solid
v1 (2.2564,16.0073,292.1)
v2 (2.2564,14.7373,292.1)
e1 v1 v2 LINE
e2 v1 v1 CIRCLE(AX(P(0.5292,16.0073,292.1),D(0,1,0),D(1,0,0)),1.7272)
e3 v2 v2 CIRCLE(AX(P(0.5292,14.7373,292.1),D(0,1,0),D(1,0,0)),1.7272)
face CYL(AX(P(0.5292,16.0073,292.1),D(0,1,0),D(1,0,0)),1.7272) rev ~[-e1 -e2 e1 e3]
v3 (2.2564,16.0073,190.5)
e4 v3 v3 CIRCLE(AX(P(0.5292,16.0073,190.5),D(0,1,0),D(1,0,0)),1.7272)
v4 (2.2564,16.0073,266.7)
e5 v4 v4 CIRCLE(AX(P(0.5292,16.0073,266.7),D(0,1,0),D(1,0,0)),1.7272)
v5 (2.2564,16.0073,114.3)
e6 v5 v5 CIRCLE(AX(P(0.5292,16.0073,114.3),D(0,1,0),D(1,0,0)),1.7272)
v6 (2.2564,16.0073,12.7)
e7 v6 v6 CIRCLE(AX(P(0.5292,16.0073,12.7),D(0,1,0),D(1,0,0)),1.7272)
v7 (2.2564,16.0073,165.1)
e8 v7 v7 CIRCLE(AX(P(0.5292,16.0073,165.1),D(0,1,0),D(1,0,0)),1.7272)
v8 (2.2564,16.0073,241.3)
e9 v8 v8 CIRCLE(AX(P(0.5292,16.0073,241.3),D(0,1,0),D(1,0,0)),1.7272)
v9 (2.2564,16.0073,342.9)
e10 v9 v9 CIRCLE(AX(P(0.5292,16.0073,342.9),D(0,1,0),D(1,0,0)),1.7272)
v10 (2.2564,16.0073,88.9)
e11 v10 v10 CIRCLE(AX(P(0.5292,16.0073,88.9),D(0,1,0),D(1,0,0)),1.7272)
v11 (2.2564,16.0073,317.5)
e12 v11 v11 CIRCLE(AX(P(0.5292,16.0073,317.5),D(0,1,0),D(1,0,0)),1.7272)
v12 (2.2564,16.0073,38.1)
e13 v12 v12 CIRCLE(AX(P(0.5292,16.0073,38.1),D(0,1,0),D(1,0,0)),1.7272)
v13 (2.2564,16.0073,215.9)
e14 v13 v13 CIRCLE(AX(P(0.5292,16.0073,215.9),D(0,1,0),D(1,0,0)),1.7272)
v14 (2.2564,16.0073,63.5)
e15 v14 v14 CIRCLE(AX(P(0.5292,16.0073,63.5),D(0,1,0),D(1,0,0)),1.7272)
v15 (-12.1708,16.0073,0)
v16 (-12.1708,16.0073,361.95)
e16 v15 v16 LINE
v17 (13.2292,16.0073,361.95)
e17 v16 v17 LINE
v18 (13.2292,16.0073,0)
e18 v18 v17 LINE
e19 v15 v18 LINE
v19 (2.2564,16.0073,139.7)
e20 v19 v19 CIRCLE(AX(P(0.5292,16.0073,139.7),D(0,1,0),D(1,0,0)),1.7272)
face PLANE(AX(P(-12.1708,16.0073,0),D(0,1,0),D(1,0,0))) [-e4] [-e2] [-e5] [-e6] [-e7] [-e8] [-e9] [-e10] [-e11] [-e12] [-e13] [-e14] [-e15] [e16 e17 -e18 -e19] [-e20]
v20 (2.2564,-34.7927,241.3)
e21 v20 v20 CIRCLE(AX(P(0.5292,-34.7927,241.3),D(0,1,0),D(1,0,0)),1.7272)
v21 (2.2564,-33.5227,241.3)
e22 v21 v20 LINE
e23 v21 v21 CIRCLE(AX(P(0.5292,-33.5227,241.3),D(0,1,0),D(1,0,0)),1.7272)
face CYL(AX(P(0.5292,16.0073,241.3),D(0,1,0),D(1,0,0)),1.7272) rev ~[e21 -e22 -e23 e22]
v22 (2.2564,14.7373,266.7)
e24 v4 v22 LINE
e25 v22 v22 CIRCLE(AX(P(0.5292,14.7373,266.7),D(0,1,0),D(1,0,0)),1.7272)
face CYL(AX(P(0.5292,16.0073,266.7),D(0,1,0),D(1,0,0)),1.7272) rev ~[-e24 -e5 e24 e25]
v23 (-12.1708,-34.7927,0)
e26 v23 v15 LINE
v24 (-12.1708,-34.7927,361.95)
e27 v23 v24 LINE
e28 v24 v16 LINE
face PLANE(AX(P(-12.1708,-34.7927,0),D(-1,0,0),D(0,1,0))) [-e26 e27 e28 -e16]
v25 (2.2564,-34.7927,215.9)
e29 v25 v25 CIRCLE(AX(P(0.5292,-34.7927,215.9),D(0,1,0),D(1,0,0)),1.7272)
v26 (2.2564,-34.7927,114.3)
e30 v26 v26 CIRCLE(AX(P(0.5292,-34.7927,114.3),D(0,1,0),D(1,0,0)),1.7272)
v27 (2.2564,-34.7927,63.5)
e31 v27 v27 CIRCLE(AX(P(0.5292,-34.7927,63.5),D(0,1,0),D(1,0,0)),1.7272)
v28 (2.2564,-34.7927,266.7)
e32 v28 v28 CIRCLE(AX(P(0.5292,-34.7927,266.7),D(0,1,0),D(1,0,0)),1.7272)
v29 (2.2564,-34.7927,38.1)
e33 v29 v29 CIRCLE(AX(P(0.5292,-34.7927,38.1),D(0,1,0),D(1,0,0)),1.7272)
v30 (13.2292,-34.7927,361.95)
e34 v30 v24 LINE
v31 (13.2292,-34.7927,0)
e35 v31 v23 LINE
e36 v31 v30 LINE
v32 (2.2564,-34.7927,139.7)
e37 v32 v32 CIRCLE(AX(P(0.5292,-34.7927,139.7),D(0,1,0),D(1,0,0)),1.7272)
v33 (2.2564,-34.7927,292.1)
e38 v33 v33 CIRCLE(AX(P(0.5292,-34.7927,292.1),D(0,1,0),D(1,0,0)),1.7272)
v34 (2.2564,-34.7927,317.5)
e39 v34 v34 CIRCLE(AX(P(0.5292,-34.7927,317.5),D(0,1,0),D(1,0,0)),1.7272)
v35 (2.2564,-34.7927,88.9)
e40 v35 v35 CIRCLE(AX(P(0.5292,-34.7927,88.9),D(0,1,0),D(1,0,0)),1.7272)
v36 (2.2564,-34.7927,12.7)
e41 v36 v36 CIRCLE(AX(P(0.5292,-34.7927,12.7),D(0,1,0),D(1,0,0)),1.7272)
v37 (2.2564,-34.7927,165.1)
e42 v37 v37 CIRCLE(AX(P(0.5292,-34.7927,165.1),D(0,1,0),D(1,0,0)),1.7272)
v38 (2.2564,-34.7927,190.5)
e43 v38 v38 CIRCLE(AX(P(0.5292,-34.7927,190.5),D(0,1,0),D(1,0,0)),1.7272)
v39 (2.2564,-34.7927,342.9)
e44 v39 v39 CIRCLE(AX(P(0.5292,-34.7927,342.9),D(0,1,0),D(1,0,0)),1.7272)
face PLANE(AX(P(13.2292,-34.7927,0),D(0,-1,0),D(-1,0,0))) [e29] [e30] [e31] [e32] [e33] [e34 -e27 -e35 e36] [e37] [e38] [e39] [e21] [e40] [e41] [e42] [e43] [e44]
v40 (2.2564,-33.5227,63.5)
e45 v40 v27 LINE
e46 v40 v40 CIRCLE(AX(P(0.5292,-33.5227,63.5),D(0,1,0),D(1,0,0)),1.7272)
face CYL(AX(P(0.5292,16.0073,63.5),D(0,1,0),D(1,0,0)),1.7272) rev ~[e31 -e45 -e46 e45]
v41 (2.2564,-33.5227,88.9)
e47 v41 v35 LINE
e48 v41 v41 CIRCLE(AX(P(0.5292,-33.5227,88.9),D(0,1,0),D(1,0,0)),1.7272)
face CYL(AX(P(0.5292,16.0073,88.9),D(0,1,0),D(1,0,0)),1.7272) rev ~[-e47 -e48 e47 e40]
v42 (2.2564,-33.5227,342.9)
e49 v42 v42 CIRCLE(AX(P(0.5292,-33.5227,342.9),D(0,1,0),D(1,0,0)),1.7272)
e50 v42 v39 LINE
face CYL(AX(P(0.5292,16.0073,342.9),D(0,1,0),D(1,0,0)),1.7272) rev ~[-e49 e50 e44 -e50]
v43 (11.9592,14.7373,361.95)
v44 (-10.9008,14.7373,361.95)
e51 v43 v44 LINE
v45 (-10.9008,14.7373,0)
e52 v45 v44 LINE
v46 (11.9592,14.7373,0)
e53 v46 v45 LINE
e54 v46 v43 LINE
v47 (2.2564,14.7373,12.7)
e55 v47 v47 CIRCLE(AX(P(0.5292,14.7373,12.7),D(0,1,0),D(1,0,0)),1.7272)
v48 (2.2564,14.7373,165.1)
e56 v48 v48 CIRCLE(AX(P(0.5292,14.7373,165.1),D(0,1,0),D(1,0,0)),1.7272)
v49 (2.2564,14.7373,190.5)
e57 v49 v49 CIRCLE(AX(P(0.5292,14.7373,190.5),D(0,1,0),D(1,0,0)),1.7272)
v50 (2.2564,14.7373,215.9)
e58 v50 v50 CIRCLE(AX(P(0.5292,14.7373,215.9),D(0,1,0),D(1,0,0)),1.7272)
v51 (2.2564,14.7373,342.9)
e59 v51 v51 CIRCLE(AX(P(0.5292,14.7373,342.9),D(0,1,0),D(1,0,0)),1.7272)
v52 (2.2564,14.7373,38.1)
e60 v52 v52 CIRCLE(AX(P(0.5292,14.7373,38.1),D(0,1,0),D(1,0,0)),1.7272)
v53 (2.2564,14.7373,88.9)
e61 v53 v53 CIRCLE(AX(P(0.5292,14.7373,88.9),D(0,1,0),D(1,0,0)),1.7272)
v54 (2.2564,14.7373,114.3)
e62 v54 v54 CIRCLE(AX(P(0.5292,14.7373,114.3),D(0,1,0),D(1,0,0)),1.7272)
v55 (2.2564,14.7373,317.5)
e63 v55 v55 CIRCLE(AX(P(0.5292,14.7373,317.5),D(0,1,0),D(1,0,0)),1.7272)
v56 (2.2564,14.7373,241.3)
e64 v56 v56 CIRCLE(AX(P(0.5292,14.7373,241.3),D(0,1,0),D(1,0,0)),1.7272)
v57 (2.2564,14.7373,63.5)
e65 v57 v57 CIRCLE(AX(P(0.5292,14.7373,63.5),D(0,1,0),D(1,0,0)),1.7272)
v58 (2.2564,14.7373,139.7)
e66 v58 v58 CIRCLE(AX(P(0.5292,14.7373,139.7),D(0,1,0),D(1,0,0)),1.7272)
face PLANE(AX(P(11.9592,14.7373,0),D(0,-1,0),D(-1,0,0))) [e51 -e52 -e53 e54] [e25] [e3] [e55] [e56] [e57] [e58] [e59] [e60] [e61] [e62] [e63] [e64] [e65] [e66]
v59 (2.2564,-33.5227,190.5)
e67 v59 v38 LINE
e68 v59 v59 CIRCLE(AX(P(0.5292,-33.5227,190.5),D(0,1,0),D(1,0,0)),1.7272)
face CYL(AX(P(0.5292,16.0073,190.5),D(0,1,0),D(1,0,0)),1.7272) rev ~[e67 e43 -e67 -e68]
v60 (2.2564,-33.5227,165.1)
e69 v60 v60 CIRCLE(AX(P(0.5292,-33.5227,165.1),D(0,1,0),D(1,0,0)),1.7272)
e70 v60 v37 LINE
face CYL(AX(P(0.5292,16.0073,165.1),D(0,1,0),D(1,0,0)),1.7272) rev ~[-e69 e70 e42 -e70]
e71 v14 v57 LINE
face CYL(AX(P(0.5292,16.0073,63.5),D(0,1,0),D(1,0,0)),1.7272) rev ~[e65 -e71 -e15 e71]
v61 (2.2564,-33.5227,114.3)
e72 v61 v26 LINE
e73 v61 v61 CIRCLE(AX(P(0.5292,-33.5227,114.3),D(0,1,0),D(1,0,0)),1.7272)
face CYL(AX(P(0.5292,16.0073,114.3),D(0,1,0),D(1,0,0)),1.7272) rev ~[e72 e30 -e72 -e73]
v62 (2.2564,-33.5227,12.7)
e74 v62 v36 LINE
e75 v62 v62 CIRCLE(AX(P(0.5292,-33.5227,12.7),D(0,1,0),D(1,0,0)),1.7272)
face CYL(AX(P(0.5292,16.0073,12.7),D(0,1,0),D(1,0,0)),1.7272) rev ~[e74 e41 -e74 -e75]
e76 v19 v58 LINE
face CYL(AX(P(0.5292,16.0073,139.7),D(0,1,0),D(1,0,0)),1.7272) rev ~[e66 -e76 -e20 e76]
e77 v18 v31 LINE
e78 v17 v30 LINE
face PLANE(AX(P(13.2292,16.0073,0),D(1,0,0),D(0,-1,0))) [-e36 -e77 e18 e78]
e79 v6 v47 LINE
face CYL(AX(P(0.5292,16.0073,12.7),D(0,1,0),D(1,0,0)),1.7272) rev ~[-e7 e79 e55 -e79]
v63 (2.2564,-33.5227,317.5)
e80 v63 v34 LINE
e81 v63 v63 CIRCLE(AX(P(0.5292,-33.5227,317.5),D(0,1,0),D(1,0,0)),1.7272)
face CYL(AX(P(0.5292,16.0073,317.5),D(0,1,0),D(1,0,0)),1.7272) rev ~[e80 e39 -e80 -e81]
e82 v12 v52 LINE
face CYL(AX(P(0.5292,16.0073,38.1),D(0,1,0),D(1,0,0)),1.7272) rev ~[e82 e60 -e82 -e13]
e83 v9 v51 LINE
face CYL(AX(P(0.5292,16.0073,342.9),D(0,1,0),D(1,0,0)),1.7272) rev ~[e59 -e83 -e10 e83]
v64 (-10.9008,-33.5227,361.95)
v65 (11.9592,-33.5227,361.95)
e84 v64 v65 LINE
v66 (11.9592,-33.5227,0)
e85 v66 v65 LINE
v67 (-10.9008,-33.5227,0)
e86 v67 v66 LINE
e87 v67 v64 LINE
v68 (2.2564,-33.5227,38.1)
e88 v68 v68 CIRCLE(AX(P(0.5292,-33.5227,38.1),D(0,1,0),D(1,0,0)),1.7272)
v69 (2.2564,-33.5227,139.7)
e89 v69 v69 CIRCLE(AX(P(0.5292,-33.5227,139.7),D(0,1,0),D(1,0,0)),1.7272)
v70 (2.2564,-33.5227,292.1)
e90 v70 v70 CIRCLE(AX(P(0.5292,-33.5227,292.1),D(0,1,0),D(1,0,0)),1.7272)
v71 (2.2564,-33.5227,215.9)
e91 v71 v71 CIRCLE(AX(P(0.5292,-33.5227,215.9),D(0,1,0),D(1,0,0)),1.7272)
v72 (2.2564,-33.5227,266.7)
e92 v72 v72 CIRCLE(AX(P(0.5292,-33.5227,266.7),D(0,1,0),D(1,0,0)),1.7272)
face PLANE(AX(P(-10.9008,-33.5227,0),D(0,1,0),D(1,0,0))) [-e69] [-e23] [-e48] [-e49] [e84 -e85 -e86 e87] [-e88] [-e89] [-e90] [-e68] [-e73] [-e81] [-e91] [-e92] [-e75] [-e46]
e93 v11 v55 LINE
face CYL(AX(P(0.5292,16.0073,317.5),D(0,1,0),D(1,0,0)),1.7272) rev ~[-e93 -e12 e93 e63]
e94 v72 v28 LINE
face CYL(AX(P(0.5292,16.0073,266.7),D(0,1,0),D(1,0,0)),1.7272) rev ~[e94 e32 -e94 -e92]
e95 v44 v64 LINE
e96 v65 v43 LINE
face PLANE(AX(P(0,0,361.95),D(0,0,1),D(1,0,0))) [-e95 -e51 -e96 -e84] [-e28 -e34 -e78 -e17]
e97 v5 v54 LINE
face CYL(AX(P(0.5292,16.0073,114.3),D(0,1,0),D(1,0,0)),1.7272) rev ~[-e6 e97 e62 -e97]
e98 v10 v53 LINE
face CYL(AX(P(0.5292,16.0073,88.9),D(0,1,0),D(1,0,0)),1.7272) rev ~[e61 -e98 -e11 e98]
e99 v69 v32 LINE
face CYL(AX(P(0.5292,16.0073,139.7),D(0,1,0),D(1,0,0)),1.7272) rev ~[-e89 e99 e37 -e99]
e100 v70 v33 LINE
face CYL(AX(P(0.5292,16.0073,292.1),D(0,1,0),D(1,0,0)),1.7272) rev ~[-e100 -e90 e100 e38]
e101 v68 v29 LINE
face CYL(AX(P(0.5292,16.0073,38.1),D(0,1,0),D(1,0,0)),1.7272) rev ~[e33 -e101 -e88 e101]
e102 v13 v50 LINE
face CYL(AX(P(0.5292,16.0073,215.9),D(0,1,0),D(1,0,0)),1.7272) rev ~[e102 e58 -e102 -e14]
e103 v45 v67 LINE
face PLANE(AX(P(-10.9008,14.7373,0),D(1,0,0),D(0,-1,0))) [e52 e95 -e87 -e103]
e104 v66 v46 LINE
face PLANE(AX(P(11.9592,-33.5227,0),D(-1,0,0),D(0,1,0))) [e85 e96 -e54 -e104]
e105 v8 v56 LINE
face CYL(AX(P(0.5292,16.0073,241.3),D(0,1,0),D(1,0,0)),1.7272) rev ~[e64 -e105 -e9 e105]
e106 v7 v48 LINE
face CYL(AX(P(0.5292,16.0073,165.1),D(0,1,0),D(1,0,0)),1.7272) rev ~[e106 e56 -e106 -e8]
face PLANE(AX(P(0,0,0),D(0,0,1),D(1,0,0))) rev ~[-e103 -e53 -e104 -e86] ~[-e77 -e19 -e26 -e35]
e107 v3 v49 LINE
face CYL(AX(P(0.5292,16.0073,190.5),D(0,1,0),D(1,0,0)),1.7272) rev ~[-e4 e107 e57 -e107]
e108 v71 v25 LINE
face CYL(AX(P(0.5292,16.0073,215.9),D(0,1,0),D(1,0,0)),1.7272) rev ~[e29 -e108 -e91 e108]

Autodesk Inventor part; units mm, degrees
ref_plane "YZ Plane" through (0, 0, 0) normal (1, 0, 0) x (0, 1, 0)
ref_plane "XZ Plane" through (0, 0, 0) normal (0, 1, 0) x (-1, 0, 0)
ref_plane "XY Plane" through (0, 0, 0) normal (0, 0, 1) x (1, 0, 0)
sketch "Sketch1" plane through (0, 0, 0) normal (0, 0, 1) x (1, 0, 0)
  line L0 (-12.1708, 16.0073) -> (13.2292, 16.0073)
  line L1 (13.2292, 16.0073) -> (13.2292, -34.7927)
  line L2 (13.2292, -34.7927) -> (-12.1708, -34.7927)
  line L3 (-12.1708, -34.7927) -> (-12.1708, 16.0073)
  line L4 (11.9592, 14.7373) -> (-10.9008, 14.7373)
  line L5 (-10.9008, 14.7373) -> (-10.9008, -33.5227)
  line L6 (-10.9008, -33.5227) -> (11.9592, -33.5227)
  line L7 (11.9592, -33.5227) -> (11.9592, 14.7373)
  point P0 (0, 0)
  dimension "d0" = 25.4
  dimension "d1" = 50.8
  dimension "d2" = 1.27
extrude "Extrusion1" add sketch "Sketch1" along normal blind 361.95
sketch "Sketch2" plane through (-12.1708, 16.0073, 0) normal (0, 1, 0) x (1, 0, 0)
  circle A0 centre (12.7, -12.7) radius 1.7272
  line L0 (25.4, 0) -> (0, 0) projected
  line L1 (0, 0) -> (0, -361.95) projected
  point P0 (12.1708, 0)
  dimension "d5" = 3.4544
  dimension "d6" = 12.7
  dimension "d7" = 12.7
extrude "Extrusion2" cut sketch "Sketch2" against normal through all
pattern_linear "Rectangular Pattern1" count 36 spacing 25.4 along (0, 0, 1) of "Extrusion2"
equation "\"d3\" = d13"
equation "\"d10\" = d14"
equation "\"d13\" = 361.95"
equation "\"d14\" = d13"
properties part number "TurretSupp"
